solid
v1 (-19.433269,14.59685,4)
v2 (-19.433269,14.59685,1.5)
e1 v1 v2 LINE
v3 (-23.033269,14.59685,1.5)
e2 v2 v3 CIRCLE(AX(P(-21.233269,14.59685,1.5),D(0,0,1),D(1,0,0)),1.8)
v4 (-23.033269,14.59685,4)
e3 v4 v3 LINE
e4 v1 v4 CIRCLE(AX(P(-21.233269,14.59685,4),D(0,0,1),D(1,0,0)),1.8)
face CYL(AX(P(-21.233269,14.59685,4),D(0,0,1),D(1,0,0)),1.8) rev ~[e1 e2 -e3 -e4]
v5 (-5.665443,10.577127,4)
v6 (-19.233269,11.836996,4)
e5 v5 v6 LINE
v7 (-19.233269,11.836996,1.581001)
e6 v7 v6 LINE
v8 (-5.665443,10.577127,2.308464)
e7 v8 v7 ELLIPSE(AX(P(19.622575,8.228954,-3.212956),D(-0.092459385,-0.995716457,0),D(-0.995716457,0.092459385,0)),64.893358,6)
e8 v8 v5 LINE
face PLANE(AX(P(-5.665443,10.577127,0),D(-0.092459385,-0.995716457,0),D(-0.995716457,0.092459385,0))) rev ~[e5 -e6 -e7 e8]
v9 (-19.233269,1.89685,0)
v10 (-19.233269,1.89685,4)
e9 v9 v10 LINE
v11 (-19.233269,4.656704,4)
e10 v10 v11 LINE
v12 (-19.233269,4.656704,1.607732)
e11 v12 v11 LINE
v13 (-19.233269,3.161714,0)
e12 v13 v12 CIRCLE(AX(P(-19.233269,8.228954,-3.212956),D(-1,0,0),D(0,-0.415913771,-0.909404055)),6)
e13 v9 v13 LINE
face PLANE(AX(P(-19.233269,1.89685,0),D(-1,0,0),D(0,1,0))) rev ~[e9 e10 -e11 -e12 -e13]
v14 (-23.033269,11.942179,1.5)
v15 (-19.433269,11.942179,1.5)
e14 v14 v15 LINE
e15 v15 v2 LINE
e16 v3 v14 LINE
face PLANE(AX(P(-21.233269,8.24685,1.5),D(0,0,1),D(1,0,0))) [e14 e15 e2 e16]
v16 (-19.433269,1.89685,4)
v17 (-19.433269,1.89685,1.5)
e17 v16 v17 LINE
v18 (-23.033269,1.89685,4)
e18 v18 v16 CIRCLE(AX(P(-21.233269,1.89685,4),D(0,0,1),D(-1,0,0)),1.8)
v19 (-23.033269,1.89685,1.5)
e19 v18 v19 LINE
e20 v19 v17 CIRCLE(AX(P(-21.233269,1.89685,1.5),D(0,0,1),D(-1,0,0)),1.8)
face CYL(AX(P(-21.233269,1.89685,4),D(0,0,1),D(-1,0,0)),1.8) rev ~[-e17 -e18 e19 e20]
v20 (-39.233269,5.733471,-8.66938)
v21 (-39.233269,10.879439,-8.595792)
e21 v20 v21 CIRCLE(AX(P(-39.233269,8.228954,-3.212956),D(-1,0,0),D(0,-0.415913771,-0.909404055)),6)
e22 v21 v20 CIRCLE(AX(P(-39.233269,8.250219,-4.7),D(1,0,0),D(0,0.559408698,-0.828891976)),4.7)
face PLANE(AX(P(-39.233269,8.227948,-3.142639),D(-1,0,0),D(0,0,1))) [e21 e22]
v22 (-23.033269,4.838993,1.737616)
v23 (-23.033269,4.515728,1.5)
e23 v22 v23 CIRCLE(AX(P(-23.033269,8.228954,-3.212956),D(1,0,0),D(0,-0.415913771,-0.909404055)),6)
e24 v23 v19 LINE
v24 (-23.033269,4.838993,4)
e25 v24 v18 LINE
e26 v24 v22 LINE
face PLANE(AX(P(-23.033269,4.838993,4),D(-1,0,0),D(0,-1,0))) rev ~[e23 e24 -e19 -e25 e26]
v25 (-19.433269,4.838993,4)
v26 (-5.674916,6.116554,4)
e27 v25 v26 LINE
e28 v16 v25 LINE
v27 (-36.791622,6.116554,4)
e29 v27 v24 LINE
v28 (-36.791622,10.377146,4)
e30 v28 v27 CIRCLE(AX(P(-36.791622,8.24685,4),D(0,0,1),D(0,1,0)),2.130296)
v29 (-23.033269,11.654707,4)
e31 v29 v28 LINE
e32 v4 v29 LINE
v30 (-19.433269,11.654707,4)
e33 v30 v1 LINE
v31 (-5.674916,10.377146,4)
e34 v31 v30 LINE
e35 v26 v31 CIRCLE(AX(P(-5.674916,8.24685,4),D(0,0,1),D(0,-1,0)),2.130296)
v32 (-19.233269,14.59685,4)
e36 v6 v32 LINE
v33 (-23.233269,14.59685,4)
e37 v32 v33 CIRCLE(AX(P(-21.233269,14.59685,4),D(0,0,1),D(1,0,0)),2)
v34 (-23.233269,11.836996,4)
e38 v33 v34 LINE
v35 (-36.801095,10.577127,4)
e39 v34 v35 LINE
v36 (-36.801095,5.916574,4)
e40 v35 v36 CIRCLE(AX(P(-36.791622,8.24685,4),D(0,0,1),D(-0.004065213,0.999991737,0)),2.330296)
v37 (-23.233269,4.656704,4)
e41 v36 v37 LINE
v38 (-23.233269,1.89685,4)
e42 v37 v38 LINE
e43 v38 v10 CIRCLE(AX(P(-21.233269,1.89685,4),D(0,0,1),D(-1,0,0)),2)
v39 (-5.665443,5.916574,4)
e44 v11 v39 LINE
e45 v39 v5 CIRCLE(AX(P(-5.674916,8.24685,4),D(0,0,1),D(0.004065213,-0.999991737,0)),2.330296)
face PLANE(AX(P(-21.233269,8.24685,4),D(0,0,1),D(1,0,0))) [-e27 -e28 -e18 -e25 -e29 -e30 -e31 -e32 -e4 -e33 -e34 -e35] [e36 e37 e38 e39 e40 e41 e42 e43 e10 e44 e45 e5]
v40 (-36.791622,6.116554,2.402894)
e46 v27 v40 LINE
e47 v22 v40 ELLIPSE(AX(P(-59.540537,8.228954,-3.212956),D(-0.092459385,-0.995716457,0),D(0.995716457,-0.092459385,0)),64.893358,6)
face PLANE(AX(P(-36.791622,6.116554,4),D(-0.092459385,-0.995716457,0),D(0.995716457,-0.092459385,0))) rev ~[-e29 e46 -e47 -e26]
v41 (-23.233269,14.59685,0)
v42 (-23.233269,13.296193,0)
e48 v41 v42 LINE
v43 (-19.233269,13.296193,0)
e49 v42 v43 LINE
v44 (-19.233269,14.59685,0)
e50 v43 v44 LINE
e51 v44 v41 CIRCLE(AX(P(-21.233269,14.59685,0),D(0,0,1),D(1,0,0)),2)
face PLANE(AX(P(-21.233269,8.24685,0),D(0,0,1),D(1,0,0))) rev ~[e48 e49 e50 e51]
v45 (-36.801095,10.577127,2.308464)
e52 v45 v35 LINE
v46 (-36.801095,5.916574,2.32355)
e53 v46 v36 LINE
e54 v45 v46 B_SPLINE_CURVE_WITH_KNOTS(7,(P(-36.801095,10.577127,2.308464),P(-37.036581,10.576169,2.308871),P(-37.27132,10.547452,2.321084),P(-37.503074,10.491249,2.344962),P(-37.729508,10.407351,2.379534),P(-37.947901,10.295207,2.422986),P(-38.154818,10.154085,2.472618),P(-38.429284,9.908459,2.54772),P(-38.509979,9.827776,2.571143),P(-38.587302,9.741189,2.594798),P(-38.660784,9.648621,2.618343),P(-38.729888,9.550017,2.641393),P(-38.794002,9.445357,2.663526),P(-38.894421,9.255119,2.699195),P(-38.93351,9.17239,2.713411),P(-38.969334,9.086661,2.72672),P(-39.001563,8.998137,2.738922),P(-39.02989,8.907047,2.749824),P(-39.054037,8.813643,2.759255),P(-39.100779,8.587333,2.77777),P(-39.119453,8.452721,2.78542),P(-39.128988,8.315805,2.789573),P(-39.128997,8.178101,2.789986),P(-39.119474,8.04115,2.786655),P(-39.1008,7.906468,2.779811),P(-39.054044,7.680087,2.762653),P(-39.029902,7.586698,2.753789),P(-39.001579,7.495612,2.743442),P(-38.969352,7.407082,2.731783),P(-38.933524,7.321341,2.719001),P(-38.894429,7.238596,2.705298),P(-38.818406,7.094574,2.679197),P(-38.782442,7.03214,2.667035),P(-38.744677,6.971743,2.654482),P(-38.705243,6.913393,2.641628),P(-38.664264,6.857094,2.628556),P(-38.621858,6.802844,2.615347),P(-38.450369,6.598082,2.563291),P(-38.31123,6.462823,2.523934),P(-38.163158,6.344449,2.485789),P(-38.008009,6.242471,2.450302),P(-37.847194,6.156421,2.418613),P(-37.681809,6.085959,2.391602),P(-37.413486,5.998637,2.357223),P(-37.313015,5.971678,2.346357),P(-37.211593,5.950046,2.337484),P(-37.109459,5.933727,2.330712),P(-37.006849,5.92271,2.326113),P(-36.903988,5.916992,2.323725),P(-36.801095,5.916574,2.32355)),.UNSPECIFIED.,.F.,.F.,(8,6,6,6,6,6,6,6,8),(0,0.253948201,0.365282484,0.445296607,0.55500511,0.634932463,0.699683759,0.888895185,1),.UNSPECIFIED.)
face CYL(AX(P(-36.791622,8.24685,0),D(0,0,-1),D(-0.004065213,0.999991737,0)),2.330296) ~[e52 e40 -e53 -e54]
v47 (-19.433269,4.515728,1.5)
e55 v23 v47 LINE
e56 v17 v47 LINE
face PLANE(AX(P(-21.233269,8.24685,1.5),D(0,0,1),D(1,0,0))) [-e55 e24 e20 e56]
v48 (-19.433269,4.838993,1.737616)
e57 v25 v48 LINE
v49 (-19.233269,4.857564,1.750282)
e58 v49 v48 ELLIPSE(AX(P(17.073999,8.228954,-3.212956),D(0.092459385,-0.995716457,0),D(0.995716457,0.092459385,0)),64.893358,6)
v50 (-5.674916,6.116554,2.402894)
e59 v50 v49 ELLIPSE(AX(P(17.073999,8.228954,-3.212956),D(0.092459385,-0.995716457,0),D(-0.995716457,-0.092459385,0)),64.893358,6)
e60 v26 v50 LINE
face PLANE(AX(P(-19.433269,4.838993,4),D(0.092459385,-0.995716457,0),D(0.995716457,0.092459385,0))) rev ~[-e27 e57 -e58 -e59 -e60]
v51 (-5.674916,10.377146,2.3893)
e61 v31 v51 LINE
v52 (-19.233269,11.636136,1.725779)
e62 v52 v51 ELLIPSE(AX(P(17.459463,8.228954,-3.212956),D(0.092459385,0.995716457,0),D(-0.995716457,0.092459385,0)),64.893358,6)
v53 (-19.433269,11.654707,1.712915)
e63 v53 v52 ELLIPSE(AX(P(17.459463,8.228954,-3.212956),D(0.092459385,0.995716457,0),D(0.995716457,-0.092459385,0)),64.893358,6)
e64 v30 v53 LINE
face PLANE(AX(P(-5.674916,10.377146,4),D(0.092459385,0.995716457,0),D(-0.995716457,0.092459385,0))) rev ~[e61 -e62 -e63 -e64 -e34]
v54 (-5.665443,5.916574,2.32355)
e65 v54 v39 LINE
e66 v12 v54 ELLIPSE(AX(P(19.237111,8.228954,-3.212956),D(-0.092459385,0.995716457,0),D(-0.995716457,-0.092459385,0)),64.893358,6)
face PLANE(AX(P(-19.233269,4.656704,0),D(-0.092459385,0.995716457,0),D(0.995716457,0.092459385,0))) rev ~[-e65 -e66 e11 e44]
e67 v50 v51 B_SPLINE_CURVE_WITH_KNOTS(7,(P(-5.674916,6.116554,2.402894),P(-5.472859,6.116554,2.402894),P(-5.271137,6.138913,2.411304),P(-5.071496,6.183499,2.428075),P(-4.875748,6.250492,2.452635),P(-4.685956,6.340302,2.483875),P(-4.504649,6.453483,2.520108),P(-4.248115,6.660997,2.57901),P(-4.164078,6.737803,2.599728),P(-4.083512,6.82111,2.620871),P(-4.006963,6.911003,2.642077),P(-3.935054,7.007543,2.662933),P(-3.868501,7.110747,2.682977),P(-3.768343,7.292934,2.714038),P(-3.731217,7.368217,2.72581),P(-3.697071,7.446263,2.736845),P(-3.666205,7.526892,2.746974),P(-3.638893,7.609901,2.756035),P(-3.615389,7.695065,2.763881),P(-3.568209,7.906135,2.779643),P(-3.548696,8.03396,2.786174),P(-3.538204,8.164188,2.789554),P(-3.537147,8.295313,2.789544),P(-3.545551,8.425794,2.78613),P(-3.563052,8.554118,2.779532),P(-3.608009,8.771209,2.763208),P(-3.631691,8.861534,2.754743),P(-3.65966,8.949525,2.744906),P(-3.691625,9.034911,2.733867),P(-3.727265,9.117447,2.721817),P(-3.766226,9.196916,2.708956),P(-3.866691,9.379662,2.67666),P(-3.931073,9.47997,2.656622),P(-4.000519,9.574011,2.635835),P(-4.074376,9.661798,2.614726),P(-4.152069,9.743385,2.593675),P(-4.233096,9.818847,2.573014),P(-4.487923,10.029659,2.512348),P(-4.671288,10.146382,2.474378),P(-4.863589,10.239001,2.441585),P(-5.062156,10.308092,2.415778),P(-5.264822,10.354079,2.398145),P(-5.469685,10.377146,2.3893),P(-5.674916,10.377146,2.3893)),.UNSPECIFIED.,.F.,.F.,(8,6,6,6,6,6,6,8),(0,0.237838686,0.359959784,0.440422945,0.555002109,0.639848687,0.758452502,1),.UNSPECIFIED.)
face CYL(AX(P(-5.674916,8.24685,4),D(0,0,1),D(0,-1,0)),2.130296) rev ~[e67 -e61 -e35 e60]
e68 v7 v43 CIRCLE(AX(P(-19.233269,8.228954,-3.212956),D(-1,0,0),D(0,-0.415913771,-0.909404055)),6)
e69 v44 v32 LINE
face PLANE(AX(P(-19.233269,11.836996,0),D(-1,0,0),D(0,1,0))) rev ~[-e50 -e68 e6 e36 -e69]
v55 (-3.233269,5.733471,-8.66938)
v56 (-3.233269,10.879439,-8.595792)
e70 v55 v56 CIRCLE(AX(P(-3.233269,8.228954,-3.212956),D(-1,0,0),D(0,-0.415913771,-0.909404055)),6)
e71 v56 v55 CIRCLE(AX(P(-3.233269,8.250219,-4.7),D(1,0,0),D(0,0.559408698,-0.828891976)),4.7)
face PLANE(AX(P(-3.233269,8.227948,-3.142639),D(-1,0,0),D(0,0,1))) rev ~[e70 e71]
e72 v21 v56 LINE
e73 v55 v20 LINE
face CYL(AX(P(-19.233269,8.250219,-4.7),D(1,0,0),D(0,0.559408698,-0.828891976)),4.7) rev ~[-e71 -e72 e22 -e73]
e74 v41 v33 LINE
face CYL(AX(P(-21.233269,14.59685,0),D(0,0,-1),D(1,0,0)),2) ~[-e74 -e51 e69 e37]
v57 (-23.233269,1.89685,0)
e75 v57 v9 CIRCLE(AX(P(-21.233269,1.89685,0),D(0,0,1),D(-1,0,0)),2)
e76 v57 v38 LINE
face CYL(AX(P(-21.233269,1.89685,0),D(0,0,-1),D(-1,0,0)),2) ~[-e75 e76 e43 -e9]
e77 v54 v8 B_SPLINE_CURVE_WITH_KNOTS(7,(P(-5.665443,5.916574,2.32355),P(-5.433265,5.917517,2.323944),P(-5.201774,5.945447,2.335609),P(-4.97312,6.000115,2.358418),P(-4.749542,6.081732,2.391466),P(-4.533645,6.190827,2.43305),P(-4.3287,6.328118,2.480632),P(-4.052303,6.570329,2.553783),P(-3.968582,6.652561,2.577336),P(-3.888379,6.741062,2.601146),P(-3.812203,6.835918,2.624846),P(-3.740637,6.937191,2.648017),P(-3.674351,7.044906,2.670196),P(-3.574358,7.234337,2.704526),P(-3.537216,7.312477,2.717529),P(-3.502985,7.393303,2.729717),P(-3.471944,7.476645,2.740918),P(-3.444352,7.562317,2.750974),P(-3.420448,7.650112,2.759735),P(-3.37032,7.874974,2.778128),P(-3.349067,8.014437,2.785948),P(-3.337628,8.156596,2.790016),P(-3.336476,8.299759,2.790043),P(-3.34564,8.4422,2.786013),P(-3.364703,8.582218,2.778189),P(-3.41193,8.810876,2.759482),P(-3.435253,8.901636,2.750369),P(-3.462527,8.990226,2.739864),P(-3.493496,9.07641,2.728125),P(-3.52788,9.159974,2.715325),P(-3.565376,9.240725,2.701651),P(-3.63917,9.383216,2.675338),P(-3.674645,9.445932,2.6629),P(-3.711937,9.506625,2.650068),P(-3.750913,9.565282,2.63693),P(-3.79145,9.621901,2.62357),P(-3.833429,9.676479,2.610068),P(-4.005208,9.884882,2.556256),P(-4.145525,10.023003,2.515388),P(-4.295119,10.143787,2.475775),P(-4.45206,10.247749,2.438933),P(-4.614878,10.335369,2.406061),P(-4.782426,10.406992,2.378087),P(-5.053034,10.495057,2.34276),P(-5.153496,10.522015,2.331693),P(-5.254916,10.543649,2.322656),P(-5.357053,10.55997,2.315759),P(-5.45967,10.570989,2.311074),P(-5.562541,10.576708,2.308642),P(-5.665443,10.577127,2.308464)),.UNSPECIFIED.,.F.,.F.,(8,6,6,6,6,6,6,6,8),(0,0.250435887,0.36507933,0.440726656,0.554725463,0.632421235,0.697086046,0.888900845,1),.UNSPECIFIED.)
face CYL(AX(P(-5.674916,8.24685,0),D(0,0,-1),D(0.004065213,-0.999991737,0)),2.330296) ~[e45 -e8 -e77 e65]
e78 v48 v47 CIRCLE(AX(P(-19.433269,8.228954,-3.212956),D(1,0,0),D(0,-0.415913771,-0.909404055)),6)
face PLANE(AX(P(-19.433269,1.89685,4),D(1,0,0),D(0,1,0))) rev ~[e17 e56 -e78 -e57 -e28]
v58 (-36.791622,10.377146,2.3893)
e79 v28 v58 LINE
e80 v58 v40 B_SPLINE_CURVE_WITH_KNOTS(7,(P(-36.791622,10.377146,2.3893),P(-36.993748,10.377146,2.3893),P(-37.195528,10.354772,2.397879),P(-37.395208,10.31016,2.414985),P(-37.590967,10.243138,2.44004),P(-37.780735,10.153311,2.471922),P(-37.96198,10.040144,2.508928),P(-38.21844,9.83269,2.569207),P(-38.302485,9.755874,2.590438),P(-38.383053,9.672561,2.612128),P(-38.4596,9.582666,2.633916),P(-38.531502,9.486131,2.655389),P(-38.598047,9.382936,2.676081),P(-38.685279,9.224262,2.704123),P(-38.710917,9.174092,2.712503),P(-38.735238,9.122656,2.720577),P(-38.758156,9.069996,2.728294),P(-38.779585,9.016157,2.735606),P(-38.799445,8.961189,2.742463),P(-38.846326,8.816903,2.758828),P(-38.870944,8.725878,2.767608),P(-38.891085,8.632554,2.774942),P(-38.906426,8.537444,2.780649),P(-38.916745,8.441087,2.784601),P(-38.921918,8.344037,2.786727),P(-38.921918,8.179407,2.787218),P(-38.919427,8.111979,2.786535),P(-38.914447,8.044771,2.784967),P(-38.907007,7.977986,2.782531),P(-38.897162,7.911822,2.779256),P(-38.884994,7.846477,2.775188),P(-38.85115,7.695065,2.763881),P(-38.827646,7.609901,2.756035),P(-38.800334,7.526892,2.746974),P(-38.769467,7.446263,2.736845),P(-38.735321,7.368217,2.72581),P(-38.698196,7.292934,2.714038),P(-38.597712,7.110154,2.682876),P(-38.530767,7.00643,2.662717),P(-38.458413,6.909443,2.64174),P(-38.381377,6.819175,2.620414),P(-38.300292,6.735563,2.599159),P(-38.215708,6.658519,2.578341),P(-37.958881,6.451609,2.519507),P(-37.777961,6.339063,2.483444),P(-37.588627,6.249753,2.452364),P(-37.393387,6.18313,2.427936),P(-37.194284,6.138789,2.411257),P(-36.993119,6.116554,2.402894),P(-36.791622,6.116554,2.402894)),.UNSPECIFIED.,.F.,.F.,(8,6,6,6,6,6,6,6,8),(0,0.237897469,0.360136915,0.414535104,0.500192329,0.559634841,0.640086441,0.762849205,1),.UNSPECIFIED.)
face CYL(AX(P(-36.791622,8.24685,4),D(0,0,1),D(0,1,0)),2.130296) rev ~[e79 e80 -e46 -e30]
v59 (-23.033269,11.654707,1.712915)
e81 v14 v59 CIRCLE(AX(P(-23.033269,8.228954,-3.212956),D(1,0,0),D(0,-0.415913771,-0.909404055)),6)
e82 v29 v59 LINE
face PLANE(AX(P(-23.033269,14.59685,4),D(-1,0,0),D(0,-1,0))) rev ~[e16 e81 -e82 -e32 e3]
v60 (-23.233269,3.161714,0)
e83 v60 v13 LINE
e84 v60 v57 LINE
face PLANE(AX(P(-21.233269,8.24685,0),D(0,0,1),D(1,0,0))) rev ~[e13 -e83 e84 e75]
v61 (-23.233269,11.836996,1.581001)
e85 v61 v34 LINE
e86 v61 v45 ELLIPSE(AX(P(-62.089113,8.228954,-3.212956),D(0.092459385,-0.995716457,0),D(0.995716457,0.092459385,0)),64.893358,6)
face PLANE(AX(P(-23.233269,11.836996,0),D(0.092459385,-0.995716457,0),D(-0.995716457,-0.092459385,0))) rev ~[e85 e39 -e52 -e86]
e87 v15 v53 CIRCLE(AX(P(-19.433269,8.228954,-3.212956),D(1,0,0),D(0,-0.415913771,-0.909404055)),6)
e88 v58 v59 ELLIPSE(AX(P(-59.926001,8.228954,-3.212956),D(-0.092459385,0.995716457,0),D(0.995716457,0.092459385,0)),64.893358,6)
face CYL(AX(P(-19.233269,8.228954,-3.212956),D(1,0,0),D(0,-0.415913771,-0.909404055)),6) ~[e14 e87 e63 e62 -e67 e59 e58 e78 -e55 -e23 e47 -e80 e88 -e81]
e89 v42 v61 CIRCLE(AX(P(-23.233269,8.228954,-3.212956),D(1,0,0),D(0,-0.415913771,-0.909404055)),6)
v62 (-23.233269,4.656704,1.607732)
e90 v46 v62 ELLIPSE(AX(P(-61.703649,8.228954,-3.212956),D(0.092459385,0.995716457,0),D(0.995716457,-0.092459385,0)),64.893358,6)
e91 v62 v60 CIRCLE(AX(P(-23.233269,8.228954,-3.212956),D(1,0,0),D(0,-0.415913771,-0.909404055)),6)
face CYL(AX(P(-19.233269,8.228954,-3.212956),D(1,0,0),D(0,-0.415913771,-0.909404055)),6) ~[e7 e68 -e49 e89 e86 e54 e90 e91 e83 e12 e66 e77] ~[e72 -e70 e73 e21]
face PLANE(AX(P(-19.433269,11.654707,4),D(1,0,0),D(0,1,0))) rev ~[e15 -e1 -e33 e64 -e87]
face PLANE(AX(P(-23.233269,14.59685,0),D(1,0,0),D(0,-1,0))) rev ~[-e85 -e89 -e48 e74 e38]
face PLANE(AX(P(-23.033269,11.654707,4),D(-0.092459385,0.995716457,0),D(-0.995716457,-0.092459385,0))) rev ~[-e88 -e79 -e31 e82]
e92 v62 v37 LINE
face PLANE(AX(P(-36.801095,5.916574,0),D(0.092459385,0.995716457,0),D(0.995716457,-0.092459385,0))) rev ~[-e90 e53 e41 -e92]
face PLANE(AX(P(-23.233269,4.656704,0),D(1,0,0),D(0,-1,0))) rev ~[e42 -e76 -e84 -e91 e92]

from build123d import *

# Parameters (mm, degrees)
BOSS_EXTRUDE3_DEPTH      = 4
CUT_EXTRUDE1_DEPTH       = 2.5
BOSS_EXTRUDE4_DEPTH      = 16
BOSS_EXTRUDE4_DEPTH_BACK = 20


with BuildPart() as part:
    # Sketch1 → Boss-Extrude3 (new body)
    with BuildSketch(Plane.XY):
        with BuildLine():
            Line((-23.233269255, 11.836996221), (-36.801095313, 10.577126659))
            ThreePointArc((-36.801095313, 10.577126659), (-39.121917966, 8.246850113), (-36.801095313, 5.916573567))
            Line((-36.801095313, 5.916573567), (-23.233269255, 4.656704004))
            Line((-23.233269255, 4.656704004), (-23.233269255, 1.896850113))
            ThreePointArc((-23.233269255, 1.896850113), (-21.233269255, -0.103149887), (-19.233269255, 1.896850113))
            Line((-19.233269255, 1.896850113), (-19.233269255, 4.656704004))
            Line((-19.233269255, 4.656704004), (-5.665443198, 5.916573567))
            ThreePointArc((-5.665443198, 5.916573567), (-3.344620545, 8.246850113), (-5.665443198, 10.577126659))
            Line((-5.665443198, 10.577126659), (-19.233269255, 11.836996221))
            Line((-19.233269255, 11.836996221), (-19.233269255, 14.596850113))
            ThreePointArc((-19.233269255, 14.596850113), (-21.233269255, 16.596850113), (-23.233269255, 14.596850113))
            Line((-23.233269255, 14.596850113), (-23.233269255, 11.836996221))
        make_face()
    extrude(amount=BOSS_EXTRUDE3_DEPTH)

    # Sketch4 → Cut-Extrude1 (cut)
    with BuildSketch(Plane.XY.offset(4)):
        with BuildLine():
            Line((-23.033269255, 11.654707255), (-36.791622165, 10.377145914))
            ThreePointArc((-36.791622165, 10.377145914), (-38.921917966, 8.246850113), (-36.791622165, 6.116554311))
            Line((-36.791622165, 6.116554311), (-23.033269255, 4.83899297))
            Line((-23.033269255, 4.83899297), (-23.033269255, 1.896850113))
            ThreePointArc((-23.033269255, 1.896850113), (-21.233269255, 0.096850113), (-19.433269255, 1.896850113))
            Line((-19.433269255, 1.896850113), (-19.433269255, 4.83899297))
            Line((-19.433269255, 4.83899297), (-5.674916346, 6.116554311))
            ThreePointArc((-5.674916346, 6.116554311), (-3.544620545, 8.246850113), (-5.674916346, 10.377145914))
            Line((-5.674916346, 10.377145914), (-19.433269255, 11.654707255))
            Line((-19.433269255, 11.654707255), (-19.433269255, 14.596850113))
            ThreePointArc((-19.433269255, 14.596850113), (-21.233269255, 16.396850113), (-23.033269255, 14.596850113))
            Line((-23.033269255, 14.596850113), (-23.033269255, 11.654707255))
        make_face()
    extrude(amount=-CUT_EXTRUDE1_DEPTH, mode=Mode.SUBTRACT)

    # Sketch6 → Boss-Extrude4 (add, two sides)
    with BuildSketch(Plane(origin=(-19.233269255, 0, 0), x_dir=(0, 0, -1), z_dir=(1, 0, 0))) as boss_extrude4_sk:
        with BuildLine():
            ThreePointArc((8.595792289, 10.879439419), (0.000480489, 8.183014626), (8.669380496, 5.733470939))
            ThreePointArc((8.669380496, 5.733470939), (-2.786430444, 8.143161335), (8.595792289, 10.879439419))
        make_face()
    extrude(amount=BOSS_EXTRUDE4_DEPTH)
    extrude(boss_extrude4_sk.sketch, amount=-BOSS_EXTRUDE4_DEPTH_BACK)


solid = part.part
